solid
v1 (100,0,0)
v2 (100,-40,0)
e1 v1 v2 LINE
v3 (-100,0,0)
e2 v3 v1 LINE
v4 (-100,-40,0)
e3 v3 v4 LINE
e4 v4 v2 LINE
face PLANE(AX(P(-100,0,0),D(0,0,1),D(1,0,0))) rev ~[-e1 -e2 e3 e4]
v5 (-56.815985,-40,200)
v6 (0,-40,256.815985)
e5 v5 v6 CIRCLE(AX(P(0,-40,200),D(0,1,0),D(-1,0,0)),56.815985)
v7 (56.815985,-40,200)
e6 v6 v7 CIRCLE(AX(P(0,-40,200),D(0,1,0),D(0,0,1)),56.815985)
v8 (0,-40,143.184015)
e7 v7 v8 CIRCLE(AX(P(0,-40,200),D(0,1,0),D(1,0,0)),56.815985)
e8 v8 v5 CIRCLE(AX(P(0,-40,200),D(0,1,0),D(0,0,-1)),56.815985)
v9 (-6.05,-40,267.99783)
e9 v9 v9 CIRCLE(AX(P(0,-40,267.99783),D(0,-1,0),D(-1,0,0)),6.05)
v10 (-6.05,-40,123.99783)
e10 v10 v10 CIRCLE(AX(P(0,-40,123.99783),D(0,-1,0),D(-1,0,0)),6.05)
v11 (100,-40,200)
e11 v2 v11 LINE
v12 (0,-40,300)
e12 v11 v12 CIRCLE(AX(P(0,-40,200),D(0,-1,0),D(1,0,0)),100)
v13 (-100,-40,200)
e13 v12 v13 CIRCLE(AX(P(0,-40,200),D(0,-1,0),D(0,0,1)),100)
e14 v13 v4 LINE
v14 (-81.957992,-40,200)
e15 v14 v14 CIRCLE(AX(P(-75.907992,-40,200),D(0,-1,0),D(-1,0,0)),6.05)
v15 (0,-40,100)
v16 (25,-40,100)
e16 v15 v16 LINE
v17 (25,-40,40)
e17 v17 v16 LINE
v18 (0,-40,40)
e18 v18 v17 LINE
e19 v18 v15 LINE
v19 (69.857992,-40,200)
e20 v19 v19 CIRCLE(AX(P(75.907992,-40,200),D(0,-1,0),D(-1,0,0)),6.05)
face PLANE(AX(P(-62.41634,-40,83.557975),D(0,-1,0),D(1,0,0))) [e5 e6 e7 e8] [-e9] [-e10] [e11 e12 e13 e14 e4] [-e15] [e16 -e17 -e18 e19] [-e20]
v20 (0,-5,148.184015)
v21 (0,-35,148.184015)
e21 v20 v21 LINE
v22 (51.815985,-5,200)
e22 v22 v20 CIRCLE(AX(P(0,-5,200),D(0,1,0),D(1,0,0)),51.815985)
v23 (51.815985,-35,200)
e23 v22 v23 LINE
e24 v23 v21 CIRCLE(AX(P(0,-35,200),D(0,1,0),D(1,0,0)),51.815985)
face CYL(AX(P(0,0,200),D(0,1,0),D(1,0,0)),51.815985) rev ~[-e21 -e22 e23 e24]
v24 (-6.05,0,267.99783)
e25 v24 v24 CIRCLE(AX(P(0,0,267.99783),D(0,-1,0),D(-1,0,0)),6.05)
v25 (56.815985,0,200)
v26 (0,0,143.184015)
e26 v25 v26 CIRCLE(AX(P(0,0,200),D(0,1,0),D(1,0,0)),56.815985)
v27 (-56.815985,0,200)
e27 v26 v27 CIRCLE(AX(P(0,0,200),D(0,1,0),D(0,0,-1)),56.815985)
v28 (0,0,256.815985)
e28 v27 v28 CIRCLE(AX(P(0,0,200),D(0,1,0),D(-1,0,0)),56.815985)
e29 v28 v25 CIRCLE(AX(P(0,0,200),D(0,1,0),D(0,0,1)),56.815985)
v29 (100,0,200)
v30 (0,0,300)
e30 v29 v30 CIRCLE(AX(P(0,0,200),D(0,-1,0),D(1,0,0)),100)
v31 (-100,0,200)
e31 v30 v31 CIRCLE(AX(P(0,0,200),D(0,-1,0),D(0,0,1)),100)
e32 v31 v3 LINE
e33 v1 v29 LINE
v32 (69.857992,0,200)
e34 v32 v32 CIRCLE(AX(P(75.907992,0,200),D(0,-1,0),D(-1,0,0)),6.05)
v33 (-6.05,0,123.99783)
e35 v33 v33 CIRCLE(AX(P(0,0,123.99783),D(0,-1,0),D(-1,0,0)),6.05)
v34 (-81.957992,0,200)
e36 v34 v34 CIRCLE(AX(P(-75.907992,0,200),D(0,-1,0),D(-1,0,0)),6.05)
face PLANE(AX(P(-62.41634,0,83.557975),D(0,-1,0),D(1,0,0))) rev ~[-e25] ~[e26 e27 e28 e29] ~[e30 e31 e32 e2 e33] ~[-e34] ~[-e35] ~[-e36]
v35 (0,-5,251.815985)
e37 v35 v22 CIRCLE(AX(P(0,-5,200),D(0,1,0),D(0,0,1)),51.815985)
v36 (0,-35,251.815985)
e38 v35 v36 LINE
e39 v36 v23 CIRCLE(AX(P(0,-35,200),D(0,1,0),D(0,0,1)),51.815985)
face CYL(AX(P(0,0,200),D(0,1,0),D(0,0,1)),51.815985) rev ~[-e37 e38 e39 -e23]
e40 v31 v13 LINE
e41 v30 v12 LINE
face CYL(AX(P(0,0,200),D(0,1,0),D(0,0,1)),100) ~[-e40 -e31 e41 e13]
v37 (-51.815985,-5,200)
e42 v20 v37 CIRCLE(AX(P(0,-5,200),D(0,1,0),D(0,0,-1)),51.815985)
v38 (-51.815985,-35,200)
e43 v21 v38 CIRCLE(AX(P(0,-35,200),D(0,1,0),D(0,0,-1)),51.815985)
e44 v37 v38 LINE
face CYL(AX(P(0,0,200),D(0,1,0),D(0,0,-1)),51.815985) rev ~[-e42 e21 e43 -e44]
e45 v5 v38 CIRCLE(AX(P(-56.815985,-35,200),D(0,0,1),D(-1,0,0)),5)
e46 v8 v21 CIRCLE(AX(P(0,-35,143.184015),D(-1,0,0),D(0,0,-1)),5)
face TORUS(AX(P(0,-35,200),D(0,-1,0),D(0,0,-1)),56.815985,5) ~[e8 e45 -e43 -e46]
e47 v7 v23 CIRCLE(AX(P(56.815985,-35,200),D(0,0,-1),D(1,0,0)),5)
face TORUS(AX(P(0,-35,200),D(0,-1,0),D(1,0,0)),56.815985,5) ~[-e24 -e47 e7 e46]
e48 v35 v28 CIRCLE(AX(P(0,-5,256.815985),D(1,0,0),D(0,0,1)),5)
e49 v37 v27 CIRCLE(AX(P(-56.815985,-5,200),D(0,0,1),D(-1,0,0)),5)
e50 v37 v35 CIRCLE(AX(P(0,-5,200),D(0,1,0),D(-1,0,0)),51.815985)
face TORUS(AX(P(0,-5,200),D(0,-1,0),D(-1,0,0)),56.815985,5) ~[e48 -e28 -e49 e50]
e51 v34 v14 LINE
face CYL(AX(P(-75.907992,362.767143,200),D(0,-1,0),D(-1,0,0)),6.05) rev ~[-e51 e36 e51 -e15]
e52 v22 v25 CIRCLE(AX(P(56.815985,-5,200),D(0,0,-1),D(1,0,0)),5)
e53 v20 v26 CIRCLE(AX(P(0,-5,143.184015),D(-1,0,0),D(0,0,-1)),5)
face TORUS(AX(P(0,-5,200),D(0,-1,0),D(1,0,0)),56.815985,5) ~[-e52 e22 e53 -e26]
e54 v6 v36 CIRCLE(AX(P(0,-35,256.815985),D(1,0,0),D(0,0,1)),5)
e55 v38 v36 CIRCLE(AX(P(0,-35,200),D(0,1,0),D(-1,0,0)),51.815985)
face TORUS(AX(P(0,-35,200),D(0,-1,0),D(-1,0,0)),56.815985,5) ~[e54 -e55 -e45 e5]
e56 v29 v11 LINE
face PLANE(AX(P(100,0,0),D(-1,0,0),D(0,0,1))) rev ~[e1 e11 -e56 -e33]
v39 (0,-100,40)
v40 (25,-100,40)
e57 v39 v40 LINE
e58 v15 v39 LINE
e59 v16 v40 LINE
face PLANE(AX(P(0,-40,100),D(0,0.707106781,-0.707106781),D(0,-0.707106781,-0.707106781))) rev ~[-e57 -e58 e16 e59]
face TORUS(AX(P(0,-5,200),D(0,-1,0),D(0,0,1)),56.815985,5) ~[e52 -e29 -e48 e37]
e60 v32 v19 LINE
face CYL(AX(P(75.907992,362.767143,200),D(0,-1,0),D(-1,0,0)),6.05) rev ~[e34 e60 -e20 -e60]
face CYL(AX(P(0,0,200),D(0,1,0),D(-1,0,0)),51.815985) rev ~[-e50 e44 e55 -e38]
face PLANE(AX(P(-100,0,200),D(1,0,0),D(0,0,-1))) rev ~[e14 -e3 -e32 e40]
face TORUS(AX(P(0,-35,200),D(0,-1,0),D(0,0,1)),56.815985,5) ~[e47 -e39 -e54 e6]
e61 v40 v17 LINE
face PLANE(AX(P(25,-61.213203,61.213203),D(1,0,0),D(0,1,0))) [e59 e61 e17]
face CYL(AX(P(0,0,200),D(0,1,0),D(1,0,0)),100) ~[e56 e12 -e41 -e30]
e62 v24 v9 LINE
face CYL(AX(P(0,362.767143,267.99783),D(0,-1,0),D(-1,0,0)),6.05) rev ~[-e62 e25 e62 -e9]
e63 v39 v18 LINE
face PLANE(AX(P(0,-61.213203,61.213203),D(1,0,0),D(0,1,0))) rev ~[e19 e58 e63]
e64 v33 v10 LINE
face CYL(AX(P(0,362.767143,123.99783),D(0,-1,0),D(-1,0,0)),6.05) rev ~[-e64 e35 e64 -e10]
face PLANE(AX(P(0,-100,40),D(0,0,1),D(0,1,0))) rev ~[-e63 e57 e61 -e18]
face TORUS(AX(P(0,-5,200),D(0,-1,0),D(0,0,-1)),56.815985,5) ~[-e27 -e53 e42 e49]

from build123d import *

# Parameters (mm, degrees)
F1_DEPTH = 40
F2_D     = 12.1
F3_R     = 5
F4_R     = 5
F6_DEPTH = 25


with BuildPart() as f1:
    # F0 (on Front) → F1 (new body)
    with BuildSketch(Plane.XZ):
        with BuildLine():
            Line((-100, 0), (0, 0))
            Line((0, 0), (0, 100))
            ThreePointArc((0, 100), (-70.7106781187, 129.2893218813), (-100, 200))
            Line((-100, 200), (-100, 0))
        make_face()
        with BuildLine():
            Line((0, 100), (0, 0))
            Line((0, 0), (100, 0))
            Line((100, 0), (100, 200))
            ThreePointArc((100, 200), (70.7106781187, 129.2893218813), (0, 100))
        make_face()
        with BuildLine():
            ThreePointArc((-100, 200), (-70.7106781187, 129.2893218813), (0, 100))
            Line((0, 100), (0, 148.1840150042))
            ThreePointArc((0, 148.1840150042), (-36.6394343644, 163.3605656356), (-51.8159849958, 200))
            Line((-51.8159849958, 200), (-100, 200))
        make_face()
        with BuildLine():
            Line((0, 148.1840150042), (0, 100))
            ThreePointArc((0, 100), (70.7106781187, 129.2893218813), (100, 200))
            Line((100, 200), (51.8159849958, 200))
            ThreePointArc((51.8159849958, 200), (36.6394343644, 163.3605656356), (0, 148.1840150042))
        make_face()
        with BuildLine():
            ThreePointArc((0, 300), (-70.7106781187, 270.7106781187), (-100, 200))
            Line((-100, 200), (-51.8159849958, 200))
            ThreePointArc((-51.8159849958, 200), (-36.6394343644, 236.6394343644), (0, 251.8159849958))
            Line((0, 251.8159849958), (0, 300))
        make_face()
        with BuildLine():
            Line((51.8159849958, 200), (100, 200))
            ThreePointArc((100, 200), (70.7106781187, 270.7106781187), (0, 300))
            Line((0, 300), (0, 251.8159849958))
            ThreePointArc((0, 251.8159849958), (36.6394343644, 236.6394343644), (51.8159849958, 200))
        make_face()
    extrude(amount=F1_DEPTH)

    # F2 (through all)
    with Locations(Plane(origin=(0, 0, 0), x_dir=(1, 0, 0), z_dir=(0, 1, 0))):
        with Locations((-75.9079924979, -200), (0, -267.9978298545), (75.9079924979, -200), (0, -123.9978298545)):
            Hole(F2_D / 2)

    # F3
    f3_edges = [f1.edges().sort_by_distance(p)[0] for p in [
        (0, -40, 148.184015),
    ]]
    fillet(f3_edges, radius=F3_R)

    # F4
    f4_edges = [f1.edges().sort_by_distance(p)[0] for p in [
        (0, 0, 148.184015),
    ]]
    fillet(f4_edges, radius=F4_R)

    # F5 (on Right) → F6 (join)
    with BuildSketch(Plane.YZ):
        Polygon((-100, 40), (-40, 40), (-40, 100), align=None)
    extrude(amount=F6_DEPTH)


solid = f1.part
